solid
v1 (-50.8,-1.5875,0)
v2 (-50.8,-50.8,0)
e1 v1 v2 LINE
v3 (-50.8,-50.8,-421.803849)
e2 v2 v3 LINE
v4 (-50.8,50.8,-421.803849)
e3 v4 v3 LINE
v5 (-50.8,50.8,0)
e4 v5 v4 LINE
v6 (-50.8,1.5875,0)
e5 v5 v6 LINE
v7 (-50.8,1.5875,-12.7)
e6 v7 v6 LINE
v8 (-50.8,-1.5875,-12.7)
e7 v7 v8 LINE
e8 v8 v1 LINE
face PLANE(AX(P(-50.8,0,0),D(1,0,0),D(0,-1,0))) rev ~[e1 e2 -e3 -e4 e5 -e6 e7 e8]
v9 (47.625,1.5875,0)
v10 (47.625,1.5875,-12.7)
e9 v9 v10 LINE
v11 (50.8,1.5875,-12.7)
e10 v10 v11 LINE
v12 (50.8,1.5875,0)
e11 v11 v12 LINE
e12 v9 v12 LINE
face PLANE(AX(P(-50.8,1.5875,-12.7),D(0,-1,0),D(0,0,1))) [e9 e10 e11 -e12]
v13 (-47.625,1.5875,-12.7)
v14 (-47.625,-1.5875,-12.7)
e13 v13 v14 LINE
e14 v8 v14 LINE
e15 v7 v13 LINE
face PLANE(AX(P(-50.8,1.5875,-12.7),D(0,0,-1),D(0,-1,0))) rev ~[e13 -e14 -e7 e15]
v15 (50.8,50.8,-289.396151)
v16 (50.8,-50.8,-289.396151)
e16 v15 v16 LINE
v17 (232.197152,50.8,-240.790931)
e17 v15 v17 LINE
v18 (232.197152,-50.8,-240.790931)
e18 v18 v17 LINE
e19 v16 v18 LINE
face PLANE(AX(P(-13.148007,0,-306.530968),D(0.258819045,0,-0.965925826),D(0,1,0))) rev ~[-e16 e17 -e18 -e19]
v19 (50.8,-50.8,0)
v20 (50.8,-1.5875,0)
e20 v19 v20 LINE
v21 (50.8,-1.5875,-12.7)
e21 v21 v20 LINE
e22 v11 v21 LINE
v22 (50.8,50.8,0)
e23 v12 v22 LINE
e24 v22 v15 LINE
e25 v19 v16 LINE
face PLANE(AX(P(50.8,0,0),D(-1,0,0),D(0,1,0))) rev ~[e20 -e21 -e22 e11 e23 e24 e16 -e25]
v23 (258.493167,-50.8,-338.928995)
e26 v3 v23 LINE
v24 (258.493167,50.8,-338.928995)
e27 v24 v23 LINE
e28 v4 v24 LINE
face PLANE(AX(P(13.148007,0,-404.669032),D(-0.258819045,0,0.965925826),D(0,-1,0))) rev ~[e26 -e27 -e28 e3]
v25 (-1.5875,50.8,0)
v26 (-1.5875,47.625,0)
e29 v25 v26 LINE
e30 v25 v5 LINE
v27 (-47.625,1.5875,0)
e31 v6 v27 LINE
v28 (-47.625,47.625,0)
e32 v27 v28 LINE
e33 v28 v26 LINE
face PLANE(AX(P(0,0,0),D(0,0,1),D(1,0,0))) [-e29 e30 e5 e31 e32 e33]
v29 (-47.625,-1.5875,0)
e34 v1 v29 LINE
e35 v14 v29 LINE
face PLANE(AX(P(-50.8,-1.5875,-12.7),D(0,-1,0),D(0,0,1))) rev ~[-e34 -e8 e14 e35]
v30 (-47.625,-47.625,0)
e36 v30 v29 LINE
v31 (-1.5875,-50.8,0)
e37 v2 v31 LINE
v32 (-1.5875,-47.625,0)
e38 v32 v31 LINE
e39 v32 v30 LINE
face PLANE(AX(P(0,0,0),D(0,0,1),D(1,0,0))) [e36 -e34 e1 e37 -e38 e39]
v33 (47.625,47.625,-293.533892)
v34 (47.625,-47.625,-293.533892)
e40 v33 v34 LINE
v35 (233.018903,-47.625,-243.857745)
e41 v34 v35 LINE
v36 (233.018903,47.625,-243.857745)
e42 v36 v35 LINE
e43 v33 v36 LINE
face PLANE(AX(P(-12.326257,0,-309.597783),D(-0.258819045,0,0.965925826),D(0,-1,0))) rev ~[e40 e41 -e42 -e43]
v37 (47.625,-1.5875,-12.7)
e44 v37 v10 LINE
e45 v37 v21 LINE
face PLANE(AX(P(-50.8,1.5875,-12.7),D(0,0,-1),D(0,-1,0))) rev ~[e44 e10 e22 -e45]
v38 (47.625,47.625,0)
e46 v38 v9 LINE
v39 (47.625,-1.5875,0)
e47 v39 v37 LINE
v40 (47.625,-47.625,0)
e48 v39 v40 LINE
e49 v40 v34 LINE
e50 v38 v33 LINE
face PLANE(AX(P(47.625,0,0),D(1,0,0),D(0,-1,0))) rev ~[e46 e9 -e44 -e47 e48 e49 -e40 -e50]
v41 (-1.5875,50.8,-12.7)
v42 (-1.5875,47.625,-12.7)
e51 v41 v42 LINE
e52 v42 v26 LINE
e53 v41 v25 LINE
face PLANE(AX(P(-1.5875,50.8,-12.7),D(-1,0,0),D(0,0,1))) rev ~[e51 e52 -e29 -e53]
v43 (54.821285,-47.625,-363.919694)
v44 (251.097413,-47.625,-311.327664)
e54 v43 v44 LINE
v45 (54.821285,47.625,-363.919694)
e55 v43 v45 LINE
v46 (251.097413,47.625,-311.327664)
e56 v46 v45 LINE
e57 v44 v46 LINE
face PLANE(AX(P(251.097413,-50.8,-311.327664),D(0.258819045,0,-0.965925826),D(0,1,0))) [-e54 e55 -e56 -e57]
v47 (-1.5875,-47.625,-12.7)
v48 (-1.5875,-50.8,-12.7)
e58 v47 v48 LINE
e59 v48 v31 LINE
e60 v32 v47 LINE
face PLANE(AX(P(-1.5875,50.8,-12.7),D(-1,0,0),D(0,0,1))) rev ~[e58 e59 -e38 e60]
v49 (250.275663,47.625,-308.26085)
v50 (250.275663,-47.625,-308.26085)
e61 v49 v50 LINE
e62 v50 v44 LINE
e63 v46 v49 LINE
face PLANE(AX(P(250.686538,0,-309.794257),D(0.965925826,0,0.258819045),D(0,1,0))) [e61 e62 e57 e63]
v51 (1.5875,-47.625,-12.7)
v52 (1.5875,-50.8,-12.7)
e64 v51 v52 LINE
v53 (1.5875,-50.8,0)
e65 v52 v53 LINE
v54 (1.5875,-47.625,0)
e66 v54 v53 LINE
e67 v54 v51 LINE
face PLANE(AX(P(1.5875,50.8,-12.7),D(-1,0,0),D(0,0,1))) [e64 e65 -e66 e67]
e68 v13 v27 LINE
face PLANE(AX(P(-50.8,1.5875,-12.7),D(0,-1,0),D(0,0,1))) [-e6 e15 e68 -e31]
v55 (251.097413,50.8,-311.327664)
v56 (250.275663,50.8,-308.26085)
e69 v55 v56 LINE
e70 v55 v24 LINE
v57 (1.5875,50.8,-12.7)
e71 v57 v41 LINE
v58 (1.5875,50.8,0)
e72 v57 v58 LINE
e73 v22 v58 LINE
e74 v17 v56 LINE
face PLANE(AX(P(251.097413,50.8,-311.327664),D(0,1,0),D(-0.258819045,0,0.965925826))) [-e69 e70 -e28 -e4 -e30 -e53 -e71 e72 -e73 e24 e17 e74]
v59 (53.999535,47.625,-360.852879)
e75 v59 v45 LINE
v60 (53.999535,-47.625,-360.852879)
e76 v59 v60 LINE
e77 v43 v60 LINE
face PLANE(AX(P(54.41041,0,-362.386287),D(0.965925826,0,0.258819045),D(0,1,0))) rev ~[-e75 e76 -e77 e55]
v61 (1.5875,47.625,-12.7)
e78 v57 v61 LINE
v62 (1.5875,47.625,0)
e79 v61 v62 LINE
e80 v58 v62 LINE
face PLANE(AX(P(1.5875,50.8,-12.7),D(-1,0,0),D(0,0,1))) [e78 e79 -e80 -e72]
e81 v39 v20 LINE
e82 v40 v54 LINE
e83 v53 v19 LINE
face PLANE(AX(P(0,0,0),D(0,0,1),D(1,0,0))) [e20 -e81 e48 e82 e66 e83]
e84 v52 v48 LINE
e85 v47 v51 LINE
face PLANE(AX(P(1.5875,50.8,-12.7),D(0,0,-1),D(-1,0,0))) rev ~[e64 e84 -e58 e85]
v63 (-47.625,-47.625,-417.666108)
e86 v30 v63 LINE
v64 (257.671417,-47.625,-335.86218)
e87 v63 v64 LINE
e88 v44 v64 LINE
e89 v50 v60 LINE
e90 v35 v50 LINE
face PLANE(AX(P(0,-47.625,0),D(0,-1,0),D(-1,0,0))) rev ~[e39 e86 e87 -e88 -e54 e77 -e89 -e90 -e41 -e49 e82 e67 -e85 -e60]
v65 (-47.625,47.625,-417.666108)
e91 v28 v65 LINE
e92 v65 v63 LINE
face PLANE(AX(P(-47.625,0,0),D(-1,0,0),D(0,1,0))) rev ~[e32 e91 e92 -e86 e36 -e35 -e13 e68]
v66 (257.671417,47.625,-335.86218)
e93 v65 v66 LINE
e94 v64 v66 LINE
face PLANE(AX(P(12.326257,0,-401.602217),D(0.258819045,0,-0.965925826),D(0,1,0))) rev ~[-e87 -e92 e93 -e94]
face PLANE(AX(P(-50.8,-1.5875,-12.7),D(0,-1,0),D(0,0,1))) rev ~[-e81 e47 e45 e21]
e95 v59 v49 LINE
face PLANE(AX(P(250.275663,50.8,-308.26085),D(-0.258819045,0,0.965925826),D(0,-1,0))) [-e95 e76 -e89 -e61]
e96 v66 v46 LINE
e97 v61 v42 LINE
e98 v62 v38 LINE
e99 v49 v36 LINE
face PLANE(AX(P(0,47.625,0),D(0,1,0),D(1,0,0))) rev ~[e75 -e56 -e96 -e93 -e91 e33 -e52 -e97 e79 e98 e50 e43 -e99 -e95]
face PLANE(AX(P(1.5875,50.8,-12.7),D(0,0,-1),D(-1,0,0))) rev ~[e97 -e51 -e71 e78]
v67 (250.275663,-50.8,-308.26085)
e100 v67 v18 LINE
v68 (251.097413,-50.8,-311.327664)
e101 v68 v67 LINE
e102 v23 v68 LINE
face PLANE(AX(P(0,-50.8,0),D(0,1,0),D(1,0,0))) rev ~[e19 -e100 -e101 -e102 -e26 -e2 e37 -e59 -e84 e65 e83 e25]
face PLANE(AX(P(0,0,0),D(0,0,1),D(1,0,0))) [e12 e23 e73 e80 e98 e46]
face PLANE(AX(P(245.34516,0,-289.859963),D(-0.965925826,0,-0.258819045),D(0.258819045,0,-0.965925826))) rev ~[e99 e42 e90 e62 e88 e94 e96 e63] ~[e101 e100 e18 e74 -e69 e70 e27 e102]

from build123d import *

# Parameters (mm, degrees)
F0_W     = 101.6
F0_H     = 101.6
F0_W_2   = 95.25
F0_H_2   = 95.25
F3_W     = 95.25
F3_H     = 3.175
F3_W_2   = 3.175
F4_DEPTH = 203.2
F5_W     = 3.175
F5_H     = 12.7
F6_DEPTH = 101.601
F7_W     = 3.175
F7_H     = 12.7
F8_DEPTH = 309.2941673686


with BuildPart() as f2:
    # F2: sweep along a path in F1
    with BuildLine(Plane.XZ) as f2_path:
        Line((0, 0), (0, -355.6))
        Line((0, -355.6), (245.3451598774, -289.859962544))
    # F0 (on Top) → F2 (sweep)
    with BuildSketch(Plane.XY):
        Rectangle(F0_W, F0_H)
        Rectangle(F0_W_2, F0_H_2, mode=Mode.SUBTRACT)
    sweep(path=f2_path.line, transition=Transition.RIGHT)

    # F3 (on face) → F4 (join)
    with BuildSketch(Plane(origin=(156.4451598774, 0, 41.9193542489), x_dir=(0, 1, 0), z_dir=(0.9659258263, 0, 0.2588190451))):
        with Locations((0, -364.1207238284)):
            Rectangle(F3_W, F3_H)
        with Locations((49.2125, -364.1207238284)):
            Rectangle(F3_W_2, F3_H)
        with Locations((-49.2125, -364.1207238284)):
            Rectangle(F3_W_2, F3_H)
    extrude(amount=-F4_DEPTH)

    # F5 (on face) → F6 (cut, through all)
    with BuildSketch(Plane(origin=(0, 50.8, 0), x_dir=(-1, 0, 0), z_dir=(0, 1, 0))):
        with Locations((0, -6.35)):
            Rectangle(F5_W, F5_H)
    extrude(amount=-F6_DEPTH, mode=Mode.SUBTRACT)

    # F7 (on face) → F8 (cut, through all)
    with BuildSketch(Plane(origin=(-50.8, 0, 0), x_dir=(0, -1, 0), z_dir=(-1, 0, 0))):
        with Locations((0, -6.35)):
            Rectangle(F7_W, F7_H)
    extrude(amount=-F8_DEPTH, mode=Mode.SUBTRACT)


solid = f2.part
